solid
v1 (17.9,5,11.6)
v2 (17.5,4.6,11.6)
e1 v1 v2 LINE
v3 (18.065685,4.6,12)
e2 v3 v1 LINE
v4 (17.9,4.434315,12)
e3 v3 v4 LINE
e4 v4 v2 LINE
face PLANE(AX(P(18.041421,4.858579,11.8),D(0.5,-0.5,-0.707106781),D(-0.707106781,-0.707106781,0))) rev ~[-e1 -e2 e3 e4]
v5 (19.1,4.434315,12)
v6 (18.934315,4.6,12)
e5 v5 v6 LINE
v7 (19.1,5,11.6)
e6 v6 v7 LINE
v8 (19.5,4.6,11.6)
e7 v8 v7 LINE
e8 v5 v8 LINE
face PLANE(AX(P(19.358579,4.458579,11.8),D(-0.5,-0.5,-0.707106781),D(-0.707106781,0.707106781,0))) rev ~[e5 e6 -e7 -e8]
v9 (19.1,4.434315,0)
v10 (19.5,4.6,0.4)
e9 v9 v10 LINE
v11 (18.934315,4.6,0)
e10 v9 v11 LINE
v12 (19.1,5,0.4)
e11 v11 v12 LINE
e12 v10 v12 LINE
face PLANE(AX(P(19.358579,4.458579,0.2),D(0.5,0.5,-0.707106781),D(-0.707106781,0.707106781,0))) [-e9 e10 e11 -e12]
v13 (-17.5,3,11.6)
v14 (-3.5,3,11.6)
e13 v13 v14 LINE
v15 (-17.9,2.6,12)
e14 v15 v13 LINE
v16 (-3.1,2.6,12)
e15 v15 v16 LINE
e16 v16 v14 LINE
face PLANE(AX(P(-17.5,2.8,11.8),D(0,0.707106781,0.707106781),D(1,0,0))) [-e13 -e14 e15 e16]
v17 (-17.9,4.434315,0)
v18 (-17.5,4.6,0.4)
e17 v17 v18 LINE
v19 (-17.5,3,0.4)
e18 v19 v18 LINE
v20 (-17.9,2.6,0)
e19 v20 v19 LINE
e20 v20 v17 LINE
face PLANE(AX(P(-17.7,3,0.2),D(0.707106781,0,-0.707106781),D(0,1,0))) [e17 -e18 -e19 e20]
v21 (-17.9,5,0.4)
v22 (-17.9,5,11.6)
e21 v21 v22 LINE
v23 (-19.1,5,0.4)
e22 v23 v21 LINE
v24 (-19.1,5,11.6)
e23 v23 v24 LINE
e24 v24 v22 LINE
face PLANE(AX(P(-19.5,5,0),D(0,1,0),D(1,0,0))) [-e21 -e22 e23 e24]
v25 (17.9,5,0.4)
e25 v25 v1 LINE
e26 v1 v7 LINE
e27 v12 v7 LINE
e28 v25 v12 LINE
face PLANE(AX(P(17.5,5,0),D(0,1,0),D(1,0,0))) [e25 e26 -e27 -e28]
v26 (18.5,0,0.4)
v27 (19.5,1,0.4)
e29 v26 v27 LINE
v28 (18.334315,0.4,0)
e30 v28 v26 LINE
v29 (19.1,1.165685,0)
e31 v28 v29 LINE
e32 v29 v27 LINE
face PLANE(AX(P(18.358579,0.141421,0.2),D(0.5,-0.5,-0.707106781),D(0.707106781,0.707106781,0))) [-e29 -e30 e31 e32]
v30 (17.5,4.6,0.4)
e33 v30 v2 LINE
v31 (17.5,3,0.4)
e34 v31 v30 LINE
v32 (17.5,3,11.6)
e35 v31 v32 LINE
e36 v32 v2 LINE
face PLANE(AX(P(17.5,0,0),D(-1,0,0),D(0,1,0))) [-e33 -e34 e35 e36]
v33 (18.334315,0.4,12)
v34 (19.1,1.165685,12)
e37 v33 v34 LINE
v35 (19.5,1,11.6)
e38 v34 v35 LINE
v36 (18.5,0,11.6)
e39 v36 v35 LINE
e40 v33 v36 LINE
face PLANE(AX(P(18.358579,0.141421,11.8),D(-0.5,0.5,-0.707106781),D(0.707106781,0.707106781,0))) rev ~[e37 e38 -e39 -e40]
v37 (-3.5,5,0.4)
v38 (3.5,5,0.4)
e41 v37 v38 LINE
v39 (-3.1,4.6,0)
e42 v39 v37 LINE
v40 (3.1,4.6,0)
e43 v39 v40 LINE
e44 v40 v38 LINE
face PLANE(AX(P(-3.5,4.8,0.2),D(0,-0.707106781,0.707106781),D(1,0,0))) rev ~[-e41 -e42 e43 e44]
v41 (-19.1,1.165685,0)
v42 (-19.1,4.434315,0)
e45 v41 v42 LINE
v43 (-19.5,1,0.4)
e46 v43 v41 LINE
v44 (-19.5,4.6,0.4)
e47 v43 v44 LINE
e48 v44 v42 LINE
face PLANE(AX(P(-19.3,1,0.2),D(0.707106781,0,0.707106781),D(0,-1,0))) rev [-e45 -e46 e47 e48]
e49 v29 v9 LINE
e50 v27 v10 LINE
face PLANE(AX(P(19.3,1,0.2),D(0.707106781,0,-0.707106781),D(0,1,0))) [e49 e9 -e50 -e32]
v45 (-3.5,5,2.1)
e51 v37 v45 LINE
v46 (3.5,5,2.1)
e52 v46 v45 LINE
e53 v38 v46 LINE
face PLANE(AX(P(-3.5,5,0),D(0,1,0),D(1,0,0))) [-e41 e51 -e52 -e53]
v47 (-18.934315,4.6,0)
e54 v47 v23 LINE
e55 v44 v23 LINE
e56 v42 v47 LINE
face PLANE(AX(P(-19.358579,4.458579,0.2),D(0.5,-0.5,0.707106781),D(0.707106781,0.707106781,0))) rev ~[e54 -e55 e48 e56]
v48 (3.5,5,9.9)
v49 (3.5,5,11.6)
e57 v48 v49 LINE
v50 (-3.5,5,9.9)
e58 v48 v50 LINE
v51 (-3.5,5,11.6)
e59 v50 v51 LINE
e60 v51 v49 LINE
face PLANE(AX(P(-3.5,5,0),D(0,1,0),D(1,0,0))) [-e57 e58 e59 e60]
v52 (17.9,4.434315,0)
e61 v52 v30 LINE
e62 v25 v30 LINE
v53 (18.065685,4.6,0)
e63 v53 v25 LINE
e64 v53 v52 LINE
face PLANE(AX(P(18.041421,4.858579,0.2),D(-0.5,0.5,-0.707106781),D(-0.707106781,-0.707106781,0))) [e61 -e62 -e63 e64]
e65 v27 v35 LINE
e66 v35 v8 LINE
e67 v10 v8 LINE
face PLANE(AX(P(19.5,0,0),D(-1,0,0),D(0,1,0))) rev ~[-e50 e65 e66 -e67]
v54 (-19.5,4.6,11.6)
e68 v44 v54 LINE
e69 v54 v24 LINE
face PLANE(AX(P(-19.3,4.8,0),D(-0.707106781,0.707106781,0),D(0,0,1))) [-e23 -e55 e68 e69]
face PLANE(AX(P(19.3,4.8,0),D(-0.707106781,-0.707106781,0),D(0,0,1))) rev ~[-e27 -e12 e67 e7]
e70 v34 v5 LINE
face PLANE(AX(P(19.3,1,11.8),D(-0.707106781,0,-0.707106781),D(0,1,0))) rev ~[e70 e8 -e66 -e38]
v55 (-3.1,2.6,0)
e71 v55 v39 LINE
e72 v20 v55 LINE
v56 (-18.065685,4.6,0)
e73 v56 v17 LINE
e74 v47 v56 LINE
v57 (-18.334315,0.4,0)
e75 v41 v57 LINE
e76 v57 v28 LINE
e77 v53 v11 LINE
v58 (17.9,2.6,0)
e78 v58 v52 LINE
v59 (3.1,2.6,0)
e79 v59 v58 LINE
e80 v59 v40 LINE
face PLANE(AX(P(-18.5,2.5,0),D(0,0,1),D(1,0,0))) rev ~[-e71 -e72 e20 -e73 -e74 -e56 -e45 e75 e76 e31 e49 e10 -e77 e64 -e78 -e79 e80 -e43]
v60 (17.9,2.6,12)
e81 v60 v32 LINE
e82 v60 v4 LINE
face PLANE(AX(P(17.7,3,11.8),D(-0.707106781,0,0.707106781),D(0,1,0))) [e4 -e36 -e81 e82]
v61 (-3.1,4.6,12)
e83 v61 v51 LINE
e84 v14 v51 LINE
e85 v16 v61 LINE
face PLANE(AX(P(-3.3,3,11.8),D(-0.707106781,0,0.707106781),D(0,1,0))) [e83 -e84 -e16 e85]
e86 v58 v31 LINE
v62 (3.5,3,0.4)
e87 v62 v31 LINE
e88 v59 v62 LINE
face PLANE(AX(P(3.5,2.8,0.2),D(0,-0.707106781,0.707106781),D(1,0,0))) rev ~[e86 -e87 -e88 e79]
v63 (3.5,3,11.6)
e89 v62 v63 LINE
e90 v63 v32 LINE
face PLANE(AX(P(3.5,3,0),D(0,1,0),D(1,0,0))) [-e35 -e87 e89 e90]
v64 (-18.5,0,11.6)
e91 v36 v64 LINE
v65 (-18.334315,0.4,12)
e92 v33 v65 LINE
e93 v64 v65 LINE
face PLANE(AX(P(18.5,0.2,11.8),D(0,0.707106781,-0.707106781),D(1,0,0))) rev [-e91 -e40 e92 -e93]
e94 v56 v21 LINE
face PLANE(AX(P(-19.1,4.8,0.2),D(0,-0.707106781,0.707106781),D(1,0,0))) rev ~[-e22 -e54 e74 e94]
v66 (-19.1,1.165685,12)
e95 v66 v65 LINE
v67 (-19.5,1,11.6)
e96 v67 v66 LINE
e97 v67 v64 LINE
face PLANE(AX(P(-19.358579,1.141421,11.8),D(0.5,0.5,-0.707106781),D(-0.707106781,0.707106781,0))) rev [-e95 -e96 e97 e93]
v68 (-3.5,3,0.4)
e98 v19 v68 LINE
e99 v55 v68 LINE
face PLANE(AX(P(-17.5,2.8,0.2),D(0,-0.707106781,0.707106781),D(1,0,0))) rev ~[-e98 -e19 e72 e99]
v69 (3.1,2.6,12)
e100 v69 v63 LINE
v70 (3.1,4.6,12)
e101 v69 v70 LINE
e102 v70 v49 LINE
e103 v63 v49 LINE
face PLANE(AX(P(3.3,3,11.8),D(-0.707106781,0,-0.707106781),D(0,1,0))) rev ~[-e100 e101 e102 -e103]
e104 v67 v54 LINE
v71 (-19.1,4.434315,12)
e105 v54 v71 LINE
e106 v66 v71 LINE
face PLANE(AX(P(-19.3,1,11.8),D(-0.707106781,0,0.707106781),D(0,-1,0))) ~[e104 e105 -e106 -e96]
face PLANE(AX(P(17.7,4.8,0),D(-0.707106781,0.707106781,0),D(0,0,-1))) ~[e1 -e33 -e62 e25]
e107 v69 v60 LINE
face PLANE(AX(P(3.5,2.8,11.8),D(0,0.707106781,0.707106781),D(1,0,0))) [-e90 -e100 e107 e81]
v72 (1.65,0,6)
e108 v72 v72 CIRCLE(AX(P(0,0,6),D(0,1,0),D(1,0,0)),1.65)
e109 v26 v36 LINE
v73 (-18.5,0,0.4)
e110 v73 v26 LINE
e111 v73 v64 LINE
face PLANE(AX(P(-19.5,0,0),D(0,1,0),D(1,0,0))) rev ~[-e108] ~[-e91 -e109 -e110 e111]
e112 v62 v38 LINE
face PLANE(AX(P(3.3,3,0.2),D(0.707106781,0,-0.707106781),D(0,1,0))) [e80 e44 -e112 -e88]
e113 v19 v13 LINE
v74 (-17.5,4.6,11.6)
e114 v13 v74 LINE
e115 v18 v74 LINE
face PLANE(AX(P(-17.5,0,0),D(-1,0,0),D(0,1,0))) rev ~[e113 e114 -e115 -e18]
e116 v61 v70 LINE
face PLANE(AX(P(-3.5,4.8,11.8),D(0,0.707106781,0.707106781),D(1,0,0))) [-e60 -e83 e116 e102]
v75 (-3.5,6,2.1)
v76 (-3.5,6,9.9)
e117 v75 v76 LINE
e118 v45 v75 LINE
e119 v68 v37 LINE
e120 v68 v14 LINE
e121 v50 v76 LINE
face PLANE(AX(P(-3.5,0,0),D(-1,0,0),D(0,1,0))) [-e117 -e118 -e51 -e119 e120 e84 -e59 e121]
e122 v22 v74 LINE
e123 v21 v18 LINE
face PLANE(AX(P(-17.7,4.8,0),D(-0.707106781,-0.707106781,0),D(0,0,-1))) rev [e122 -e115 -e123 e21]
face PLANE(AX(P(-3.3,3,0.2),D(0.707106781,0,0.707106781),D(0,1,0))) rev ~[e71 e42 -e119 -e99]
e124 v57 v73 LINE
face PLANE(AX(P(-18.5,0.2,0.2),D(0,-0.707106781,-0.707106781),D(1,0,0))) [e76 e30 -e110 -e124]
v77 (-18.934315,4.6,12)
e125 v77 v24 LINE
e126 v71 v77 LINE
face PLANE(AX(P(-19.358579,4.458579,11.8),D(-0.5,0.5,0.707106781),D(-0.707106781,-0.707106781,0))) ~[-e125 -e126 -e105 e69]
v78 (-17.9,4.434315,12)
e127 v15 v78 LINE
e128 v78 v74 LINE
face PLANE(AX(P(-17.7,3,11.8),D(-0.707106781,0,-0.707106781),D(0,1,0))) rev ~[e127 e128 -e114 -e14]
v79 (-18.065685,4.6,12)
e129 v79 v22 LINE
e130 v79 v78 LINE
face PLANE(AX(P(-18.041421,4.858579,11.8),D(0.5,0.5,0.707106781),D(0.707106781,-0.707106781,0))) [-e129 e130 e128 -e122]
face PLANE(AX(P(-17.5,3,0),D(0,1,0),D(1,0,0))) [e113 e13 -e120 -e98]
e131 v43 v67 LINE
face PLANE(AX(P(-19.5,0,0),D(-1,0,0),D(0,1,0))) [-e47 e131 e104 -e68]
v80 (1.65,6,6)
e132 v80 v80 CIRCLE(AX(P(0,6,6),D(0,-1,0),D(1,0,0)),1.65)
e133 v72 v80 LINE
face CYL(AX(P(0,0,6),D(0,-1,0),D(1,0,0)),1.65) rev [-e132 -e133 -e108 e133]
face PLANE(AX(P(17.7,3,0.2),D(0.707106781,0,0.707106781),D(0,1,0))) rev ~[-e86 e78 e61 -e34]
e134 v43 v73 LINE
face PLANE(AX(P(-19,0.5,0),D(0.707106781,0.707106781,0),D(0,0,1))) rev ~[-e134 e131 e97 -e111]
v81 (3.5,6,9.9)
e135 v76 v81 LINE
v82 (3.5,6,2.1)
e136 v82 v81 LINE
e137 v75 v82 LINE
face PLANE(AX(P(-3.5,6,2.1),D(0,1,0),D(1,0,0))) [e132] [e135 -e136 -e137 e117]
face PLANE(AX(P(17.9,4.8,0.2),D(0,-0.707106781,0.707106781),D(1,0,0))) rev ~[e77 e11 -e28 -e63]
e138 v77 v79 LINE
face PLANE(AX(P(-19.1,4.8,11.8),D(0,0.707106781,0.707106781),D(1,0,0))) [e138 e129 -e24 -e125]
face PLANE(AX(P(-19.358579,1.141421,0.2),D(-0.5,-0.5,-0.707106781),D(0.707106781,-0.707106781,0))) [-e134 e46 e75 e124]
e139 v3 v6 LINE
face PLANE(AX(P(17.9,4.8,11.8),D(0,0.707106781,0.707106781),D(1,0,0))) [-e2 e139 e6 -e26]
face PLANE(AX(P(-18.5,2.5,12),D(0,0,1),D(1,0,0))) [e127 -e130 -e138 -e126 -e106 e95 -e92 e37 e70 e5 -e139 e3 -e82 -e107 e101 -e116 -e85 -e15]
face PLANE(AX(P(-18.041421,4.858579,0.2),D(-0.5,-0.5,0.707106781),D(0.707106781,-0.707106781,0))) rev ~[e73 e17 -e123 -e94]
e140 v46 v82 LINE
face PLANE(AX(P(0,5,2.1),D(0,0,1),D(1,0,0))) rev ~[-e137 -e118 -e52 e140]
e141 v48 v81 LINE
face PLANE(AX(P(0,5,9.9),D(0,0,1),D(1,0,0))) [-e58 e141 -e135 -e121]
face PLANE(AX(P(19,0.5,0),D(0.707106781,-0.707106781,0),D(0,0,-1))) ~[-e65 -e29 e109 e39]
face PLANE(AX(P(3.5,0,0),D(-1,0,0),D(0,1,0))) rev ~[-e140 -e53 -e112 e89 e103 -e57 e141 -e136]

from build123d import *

# Parameters (mm, degrees)
CYLINDER002_R     = 1.65
CYLINDER002_DEPTH = 10
BOX005_W          = 7
BOX005_H          = 5
BOX005_DEPTH      = 12
BOX006_W          = 14
BOX006_H          = 3
BOX006_DEPTH      = 12
BOX007_W          = 2
BOX007_H          = 5
BOX007_DEPTH      = 12
BOX008_W          = 14
BOX008_H          = 3
BOX008_DEPTH      = 12
BOX009_W          = 2
BOX009_H          = 5
BOX009_DEPTH      = 12
BOX010_W          = 7
BOX010_H          = 2
BOX010_DEPTH      = 7.8
CHAMFER006_SIZE   = 1
CHAMFER007_SIZE   = 0.4
CHAMFER008_SIZE   = 0.4


with BuildPart() as cylinder002:
    # Cylinder002 → Cylinder002 (new body)
    with BuildSketch(Plane(origin=(0, 0, 6), x_dir=(1, 0, 0), z_dir=(0, 1, 0))):
        Circle(CYLINDER002_R)
    extrude(amount=CYLINDER002_DEPTH)


with BuildPart() as cube005:
    # Box005 → Box005 (new body)
    with BuildSketch(Plane(origin=(-3.5, 0, 0), x_dir=(1, 0, 0), z_dir=(0, 0, 1))):
        with Locations((3.5, 2.5)):
            Rectangle(BOX005_W, BOX005_H)
    extrude(amount=BOX005_DEPTH)


with BuildPart() as cube006:
    # Box006 → Box006 (new body)
    with BuildSketch(Plane(origin=(3.5, 0, 0), x_dir=(1, 0, 0), z_dir=(0, 0, 1))):
        with Locations((7, 1.5)):
            Rectangle(BOX006_W, BOX006_H)
    extrude(amount=BOX006_DEPTH)


with BuildPart() as cube007:
    # Box007 → Box007 (new body)
    with BuildSketch(Plane(origin=(17.5, 0, 0), x_dir=(1, 0, 0), z_dir=(0, 0, 1))):
        with Locations((1, 2.5)):
            Rectangle(BOX007_W, BOX007_H)
    extrude(amount=BOX007_DEPTH)


with BuildPart() as cube008:
    # Box008 → Box008 (new body)
    with BuildSketch(Plane(origin=(-17.5, 0, 0), x_dir=(1, 0, 0), z_dir=(0, 0, 1))):
        with Locations((7, 1.5)):
            Rectangle(BOX008_W, BOX008_H)
    extrude(amount=BOX008_DEPTH)


with BuildPart() as cube009:
    # Box009 → Box009 (new body)
    with BuildSketch(Plane(origin=(-19.5, 0, 0), x_dir=(1, 0, 0), z_dir=(0, 0, 1))):
        with Locations((1, 2.5)):
            Rectangle(BOX009_W, BOX009_H)
    extrude(amount=BOX009_DEPTH)


with BuildPart() as chamfer008:
    # Box010 → Box010 (new body)
    with BuildSketch(Plane(origin=(-3.5, 4, 2.1), x_dir=(1, 0, 0), z_dir=(0, 0, 1))):
        with Locations((3.5, 1)):
            Rectangle(BOX010_W, BOX010_H)
    extrude(amount=BOX010_DEPTH)

    # Fusion003: union Cube005, Cube006, Cube007, Cube008, Cube009
    add(cube005.part)
    add(cube006.part)
    add(cube007.part)
    add(cube008.part)
    add(cube009.part)

    # Cut003: cut Cylinder002
    add(cylinder002.part, mode=Mode.SUBTRACT)

    # Chamfer006
    chamfer006_edges = [chamfer008.edges().sort_by_distance(p)[0] for p in [
        (-19.5, 0, 6),
        (19.5, 0, 6),
    ]]
    chamfer(chamfer006_edges, length=CHAMFER006_SIZE)

    # Chamfer007
    chamfer007_edges = [chamfer008.edges().sort_by_distance(p)[0] for p in [
        (-19.5, 5, 6),
        (-17.5, 5, 6),
        (19.5, 5, 6),
        (17.5, 5, 6),
    ]]
    chamfer(chamfer007_edges, length=CHAMFER007_SIZE)

    # Chamfer008
    chamfer008_edges = [chamfer008.edges().sort_by_distance(p)[0] for p in [
        (-19.5, 2.8, 12),
        (-19.5, 2.8, 0),
        (-19, 0.5, 12),
        (0, 0, 12),
        (19, 0.5, 12),
        (19.5, 2.8, 12),
        (19.3, 4.8, 12),
        (18.5, 5, 12),
        (17.7, 4.8, 12),
        (17.5, 3.8, 12),
        (10.5, 3, 12),
        (3.5, 4, 12),
        (0, 5, 12),
        (-3.5, 4, 12),
        (-10.5, 3, 12),
        (-17.5, 3.8, 12),
        (-17.7, 4.8, 12),
        (-18.5, 5, 12),
        (-19.3, 4.8, 12),
        (-19.3, 4.8, 0),
        (-19, 0.5, 0),
        (19.5, 2.8, 0),
        (19, 0.5, 0),
        (0, 0, 0),
        (-18.5, 5, 0),
        (-17.7, 4.8, 0),
        (-17.5, 3.8, 0),
        (-10.5, 3, 0),
        (-3.5, 4, 0),
        (0, 5, 0),
        (3.5, 4, 0),
        (10.5, 3, 0),
        (17.5, 3.8, 0),
        (17.7, 4.8, 0),
        (18.5, 5, 0),
        (19.3, 4.8, 0),
    ]]
    chamfer(chamfer008_edges, length=CHAMFER008_SIZE)


solid = chamfer008.part
